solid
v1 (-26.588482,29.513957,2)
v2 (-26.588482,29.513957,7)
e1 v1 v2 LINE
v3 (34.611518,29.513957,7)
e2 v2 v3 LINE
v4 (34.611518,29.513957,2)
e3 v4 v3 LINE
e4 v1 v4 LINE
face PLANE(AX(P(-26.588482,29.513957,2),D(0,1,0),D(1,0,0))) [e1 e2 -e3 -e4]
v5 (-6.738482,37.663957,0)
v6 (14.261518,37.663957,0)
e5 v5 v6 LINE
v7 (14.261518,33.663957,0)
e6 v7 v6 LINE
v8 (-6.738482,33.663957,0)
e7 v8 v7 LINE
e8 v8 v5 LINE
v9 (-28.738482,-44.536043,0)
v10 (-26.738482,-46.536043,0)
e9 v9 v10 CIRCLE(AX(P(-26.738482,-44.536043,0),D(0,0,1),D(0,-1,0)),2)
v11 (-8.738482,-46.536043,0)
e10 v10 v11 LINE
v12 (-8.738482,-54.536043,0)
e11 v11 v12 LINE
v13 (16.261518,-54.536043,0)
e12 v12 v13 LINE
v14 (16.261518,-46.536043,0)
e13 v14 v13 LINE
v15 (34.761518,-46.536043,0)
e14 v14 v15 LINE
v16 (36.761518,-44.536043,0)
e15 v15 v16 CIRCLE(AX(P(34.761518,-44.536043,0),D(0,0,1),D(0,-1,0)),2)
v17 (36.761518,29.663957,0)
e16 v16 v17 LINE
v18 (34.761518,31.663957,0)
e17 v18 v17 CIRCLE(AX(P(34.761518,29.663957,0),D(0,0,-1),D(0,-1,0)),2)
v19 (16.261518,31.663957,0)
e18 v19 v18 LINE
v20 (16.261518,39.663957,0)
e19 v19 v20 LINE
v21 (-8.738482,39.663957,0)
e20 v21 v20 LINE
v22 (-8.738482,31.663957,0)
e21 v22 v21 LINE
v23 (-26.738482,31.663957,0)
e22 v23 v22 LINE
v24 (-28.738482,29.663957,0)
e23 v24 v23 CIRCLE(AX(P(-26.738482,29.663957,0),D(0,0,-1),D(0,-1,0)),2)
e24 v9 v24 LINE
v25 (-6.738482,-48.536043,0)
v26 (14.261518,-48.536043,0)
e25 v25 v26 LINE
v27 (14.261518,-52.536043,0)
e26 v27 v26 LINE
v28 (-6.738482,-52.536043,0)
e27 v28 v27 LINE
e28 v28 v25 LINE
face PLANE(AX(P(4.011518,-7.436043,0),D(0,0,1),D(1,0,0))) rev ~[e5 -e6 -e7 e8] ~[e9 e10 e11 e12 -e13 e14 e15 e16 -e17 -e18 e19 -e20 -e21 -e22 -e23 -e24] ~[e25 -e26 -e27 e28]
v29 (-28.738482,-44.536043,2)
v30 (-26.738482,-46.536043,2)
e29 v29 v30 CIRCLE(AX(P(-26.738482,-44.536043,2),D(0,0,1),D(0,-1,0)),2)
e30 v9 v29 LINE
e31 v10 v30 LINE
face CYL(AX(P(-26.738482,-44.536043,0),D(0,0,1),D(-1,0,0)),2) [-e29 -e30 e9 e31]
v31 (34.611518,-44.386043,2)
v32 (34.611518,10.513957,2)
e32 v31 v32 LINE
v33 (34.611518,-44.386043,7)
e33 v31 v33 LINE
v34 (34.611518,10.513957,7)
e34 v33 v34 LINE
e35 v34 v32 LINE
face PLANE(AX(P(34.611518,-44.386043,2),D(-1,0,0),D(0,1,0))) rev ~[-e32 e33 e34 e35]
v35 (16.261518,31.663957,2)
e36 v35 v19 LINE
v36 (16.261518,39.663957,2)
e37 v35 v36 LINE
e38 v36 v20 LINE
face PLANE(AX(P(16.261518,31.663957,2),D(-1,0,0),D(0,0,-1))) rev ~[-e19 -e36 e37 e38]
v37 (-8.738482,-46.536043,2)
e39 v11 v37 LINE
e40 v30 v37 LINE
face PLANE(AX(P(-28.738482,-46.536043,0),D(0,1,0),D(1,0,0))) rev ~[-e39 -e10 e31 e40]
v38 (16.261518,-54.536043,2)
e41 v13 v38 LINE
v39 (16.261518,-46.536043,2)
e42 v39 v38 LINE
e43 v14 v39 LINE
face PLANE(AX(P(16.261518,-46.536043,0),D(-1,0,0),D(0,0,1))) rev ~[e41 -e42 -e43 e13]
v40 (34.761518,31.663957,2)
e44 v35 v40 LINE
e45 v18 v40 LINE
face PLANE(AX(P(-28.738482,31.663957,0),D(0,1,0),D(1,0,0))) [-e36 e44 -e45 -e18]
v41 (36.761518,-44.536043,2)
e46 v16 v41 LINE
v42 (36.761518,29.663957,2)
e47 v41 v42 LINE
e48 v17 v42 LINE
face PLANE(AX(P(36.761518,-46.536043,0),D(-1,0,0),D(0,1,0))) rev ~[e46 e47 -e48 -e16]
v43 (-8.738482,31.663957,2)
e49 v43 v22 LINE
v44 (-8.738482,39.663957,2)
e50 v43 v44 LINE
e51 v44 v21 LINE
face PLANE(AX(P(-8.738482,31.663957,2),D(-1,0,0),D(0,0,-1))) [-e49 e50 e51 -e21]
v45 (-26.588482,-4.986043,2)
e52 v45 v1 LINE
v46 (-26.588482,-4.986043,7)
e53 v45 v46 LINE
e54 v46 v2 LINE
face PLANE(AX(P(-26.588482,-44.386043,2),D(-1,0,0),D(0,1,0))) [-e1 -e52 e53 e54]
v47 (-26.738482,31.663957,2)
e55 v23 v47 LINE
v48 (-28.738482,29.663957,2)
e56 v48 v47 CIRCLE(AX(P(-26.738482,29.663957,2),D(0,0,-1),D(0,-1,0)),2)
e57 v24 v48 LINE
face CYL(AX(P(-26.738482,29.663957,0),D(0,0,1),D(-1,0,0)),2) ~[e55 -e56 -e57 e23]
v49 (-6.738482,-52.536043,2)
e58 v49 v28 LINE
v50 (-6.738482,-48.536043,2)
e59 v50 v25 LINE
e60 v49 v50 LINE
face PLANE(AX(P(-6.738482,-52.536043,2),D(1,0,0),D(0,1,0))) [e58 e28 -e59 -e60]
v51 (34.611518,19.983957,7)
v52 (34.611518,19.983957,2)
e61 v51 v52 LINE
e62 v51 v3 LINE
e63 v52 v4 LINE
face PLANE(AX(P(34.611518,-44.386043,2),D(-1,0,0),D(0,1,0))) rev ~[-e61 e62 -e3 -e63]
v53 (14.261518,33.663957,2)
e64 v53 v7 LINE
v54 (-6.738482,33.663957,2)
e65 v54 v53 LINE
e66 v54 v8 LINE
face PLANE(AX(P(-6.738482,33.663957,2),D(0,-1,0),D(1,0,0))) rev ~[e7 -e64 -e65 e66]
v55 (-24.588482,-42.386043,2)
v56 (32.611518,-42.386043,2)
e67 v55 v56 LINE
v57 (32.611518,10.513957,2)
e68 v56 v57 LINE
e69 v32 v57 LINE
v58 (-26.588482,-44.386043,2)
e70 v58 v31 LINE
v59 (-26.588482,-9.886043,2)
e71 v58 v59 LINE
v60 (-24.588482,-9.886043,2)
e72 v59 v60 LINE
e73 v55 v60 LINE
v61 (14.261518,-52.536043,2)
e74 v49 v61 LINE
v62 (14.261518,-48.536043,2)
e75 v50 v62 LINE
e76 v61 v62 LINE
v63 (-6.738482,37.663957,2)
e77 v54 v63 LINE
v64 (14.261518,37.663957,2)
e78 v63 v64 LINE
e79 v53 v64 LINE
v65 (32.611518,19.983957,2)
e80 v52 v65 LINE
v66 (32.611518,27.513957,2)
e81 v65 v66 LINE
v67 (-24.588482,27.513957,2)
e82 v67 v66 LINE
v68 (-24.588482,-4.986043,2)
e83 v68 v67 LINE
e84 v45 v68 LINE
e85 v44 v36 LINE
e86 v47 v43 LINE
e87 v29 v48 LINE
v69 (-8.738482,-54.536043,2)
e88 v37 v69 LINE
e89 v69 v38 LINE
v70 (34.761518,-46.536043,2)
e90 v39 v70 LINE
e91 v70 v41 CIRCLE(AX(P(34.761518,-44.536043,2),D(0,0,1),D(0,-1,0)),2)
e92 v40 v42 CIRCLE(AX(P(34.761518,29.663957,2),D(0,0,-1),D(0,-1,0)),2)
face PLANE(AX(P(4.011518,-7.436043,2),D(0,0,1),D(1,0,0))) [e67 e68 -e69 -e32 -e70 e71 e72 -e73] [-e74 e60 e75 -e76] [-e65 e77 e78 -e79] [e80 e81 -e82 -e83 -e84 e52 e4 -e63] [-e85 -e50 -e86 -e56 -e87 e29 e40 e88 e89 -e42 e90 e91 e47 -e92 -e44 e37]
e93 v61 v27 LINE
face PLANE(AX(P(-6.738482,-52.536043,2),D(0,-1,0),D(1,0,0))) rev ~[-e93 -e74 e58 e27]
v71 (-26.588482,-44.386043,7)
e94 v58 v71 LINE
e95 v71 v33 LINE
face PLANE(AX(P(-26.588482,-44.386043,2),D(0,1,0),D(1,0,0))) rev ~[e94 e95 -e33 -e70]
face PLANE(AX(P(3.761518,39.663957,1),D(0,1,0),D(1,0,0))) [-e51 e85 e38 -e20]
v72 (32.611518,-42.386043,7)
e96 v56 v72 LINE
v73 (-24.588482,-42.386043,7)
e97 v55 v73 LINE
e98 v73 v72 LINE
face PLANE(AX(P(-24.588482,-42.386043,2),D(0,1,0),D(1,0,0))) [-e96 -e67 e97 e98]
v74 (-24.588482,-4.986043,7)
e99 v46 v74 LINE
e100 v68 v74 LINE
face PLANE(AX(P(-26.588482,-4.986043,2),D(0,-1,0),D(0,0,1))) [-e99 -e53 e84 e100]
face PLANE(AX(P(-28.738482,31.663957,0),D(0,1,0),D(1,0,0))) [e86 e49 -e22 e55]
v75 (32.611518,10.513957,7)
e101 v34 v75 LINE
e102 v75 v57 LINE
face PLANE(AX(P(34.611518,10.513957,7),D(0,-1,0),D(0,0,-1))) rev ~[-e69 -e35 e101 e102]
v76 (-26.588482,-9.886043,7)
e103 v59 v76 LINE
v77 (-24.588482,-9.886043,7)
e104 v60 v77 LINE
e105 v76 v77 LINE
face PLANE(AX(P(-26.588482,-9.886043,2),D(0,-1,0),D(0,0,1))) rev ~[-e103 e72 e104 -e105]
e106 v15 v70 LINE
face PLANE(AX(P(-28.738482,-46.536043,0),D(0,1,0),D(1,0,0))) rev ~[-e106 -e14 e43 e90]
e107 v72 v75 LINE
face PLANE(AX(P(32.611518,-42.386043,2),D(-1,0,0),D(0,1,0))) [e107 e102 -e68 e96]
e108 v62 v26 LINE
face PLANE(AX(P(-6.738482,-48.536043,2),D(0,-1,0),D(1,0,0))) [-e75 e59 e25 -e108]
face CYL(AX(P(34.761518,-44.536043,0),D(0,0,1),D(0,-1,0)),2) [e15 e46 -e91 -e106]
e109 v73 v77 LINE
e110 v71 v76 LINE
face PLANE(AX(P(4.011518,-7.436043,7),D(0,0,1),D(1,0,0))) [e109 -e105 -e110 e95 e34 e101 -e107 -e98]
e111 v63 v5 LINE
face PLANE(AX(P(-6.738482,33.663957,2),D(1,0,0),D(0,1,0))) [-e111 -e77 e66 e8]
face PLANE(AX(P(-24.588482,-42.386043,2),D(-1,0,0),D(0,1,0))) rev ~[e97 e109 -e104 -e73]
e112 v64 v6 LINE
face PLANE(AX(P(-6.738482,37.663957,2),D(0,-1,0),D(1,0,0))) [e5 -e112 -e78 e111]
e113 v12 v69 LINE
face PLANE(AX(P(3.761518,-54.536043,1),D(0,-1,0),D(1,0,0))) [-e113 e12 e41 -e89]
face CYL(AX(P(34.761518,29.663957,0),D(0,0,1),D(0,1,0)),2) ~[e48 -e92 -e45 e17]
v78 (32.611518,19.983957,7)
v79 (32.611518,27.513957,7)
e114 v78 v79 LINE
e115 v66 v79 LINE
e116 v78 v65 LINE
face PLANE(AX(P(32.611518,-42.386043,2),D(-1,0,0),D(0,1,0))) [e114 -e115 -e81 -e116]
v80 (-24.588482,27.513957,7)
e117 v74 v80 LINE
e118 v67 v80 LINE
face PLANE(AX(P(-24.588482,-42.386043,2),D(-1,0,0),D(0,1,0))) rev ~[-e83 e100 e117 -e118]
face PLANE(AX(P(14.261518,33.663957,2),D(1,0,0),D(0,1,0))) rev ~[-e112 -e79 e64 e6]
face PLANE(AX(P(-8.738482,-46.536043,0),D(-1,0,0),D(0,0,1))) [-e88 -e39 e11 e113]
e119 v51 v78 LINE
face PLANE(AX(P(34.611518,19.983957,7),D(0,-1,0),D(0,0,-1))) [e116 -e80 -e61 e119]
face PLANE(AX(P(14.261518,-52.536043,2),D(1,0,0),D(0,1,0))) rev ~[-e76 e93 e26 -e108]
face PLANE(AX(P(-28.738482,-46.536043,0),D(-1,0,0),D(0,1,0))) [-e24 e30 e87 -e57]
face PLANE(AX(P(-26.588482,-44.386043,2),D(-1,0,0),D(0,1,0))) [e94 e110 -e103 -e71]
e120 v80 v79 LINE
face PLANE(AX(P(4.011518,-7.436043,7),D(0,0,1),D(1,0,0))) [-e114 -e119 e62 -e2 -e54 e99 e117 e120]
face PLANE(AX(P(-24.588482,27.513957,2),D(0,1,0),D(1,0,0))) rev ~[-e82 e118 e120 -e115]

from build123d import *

# Parameters (mm, degrees)
SKETCH1_W           = 65.5
SKETCH1_H           = 78.2
BOSS_EXTRUDE1_DEPTH = 2
SKETCH2_W           = 61.2
SKETCH2_H           = 73.9
SKETCH2_W_2         = 57.2
SKETCH2_H_2         = 69.9
BOSS_EXTRUDE2_DEPTH = 5
SKETCH3_W           = 5
SKETCH3_H           = 9.47
CUT_EXTRUDE1_DEPTH  = 2
SKETCH4_W           = 5
SKETCH4_H           = 4.9
CUT_EXTRUDE2_DEPTH  = 2
FILLET1_R           = 2
SKETCH5_W           = 25
SKETCH5_H           = 2
BOSS_EXTRUDE3_DEPTH = 8
SKETCH6_W           = 25
SKETCH6_H           = 2
BOSS_EXTRUDE4_DEPTH = 8
SKETCH7_W           = 21
SKETCH7_H           = 4
CUT_EXTRUDE3_DEPTH  = 3


with BuildPart() as part:
    # Sketch1 → Boss-Extrude1 (new body)
    with BuildSketch(Plane.XY):
        with Locations((4.011517615, -7.43604336)):
            Rectangle(SKETCH1_W, SKETCH1_H)
    extrude(amount=BOSS_EXTRUDE1_DEPTH)

    # Sketch2 → Boss-Extrude2 (add)
    with BuildSketch(Plane.XY.offset(2)):
        with Locations((4.011517615, -7.43604336)):
            Rectangle(SKETCH2_W, SKETCH2_H)
        with Locations((4.011517615, -7.43604336)):
            Rectangle(SKETCH2_W_2, SKETCH2_H_2, mode=Mode.SUBTRACT)
    extrude(amount=BOSS_EXTRUDE2_DEPTH)

    # Sketch3 → Cut-Extrude1 (cut)
    with BuildSketch(Plane(origin=(34.611517615, 0, 0), x_dir=(0, 0, -1), z_dir=(1, 0, 0))):
        with Locations((-4.5, 15.24895664)):
            Rectangle(SKETCH3_W, SKETCH3_H)
    extrude(amount=-CUT_EXTRUDE1_DEPTH, mode=Mode.SUBTRACT)

    # Sketch4 → Cut-Extrude2 (cut)
    with BuildSketch(Plane.ZY.offset(26.588482385)):
        with Locations((4.5, -7.43604336)):
            Rectangle(SKETCH4_W, SKETCH4_H)
    extrude(amount=-CUT_EXTRUDE2_DEPTH, mode=Mode.SUBTRACT)

    # Fillet1
    fillet1_edges = [part.edges().sort_by_distance(p)[0] for p in [
        (-28.738482385, 31.66395664, 1),
        (36.761517615, 31.66395664, 1),
        (36.761517615, -46.53604336, 1),
        (-28.738482385, -46.53604336, 1),
    ]]
    fillet(fillet1_edges, radius=FILLET1_R)

    # Sketch5 → Boss-Extrude3 (add)
    with BuildSketch(Plane(origin=(0, 31.66395664, 0), x_dir=(1, 0, 0), z_dir=(0, 1, 0))):
        with Locations((3.761517615, -1)):
            Rectangle(SKETCH5_W, SKETCH5_H)
    extrude(amount=BOSS_EXTRUDE3_DEPTH)

    # Sketch6 → Boss-Extrude4 (add)
    with BuildSketch(Plane.XZ.offset(46.53604336)):
        with Locations((3.761517615, 1)):
            Rectangle(SKETCH6_W, SKETCH6_H)
    extrude(amount=BOSS_EXTRUDE4_DEPTH)

    # Sketch7 → Cut-Extrude3 (cut, through all)
    with BuildSketch(Plane.XY.offset(2)):
        with Locations((3.761517615, -50.53604336)):
            Rectangle(SKETCH7_W, SKETCH7_H)
        with Locations((3.761517615, 35.66395664)):
            Rectangle(SKETCH7_W, SKETCH7_H)
    extrude(amount=-CUT_EXTRUDE3_DEPTH, mode=Mode.SUBTRACT)


solid = part.part
